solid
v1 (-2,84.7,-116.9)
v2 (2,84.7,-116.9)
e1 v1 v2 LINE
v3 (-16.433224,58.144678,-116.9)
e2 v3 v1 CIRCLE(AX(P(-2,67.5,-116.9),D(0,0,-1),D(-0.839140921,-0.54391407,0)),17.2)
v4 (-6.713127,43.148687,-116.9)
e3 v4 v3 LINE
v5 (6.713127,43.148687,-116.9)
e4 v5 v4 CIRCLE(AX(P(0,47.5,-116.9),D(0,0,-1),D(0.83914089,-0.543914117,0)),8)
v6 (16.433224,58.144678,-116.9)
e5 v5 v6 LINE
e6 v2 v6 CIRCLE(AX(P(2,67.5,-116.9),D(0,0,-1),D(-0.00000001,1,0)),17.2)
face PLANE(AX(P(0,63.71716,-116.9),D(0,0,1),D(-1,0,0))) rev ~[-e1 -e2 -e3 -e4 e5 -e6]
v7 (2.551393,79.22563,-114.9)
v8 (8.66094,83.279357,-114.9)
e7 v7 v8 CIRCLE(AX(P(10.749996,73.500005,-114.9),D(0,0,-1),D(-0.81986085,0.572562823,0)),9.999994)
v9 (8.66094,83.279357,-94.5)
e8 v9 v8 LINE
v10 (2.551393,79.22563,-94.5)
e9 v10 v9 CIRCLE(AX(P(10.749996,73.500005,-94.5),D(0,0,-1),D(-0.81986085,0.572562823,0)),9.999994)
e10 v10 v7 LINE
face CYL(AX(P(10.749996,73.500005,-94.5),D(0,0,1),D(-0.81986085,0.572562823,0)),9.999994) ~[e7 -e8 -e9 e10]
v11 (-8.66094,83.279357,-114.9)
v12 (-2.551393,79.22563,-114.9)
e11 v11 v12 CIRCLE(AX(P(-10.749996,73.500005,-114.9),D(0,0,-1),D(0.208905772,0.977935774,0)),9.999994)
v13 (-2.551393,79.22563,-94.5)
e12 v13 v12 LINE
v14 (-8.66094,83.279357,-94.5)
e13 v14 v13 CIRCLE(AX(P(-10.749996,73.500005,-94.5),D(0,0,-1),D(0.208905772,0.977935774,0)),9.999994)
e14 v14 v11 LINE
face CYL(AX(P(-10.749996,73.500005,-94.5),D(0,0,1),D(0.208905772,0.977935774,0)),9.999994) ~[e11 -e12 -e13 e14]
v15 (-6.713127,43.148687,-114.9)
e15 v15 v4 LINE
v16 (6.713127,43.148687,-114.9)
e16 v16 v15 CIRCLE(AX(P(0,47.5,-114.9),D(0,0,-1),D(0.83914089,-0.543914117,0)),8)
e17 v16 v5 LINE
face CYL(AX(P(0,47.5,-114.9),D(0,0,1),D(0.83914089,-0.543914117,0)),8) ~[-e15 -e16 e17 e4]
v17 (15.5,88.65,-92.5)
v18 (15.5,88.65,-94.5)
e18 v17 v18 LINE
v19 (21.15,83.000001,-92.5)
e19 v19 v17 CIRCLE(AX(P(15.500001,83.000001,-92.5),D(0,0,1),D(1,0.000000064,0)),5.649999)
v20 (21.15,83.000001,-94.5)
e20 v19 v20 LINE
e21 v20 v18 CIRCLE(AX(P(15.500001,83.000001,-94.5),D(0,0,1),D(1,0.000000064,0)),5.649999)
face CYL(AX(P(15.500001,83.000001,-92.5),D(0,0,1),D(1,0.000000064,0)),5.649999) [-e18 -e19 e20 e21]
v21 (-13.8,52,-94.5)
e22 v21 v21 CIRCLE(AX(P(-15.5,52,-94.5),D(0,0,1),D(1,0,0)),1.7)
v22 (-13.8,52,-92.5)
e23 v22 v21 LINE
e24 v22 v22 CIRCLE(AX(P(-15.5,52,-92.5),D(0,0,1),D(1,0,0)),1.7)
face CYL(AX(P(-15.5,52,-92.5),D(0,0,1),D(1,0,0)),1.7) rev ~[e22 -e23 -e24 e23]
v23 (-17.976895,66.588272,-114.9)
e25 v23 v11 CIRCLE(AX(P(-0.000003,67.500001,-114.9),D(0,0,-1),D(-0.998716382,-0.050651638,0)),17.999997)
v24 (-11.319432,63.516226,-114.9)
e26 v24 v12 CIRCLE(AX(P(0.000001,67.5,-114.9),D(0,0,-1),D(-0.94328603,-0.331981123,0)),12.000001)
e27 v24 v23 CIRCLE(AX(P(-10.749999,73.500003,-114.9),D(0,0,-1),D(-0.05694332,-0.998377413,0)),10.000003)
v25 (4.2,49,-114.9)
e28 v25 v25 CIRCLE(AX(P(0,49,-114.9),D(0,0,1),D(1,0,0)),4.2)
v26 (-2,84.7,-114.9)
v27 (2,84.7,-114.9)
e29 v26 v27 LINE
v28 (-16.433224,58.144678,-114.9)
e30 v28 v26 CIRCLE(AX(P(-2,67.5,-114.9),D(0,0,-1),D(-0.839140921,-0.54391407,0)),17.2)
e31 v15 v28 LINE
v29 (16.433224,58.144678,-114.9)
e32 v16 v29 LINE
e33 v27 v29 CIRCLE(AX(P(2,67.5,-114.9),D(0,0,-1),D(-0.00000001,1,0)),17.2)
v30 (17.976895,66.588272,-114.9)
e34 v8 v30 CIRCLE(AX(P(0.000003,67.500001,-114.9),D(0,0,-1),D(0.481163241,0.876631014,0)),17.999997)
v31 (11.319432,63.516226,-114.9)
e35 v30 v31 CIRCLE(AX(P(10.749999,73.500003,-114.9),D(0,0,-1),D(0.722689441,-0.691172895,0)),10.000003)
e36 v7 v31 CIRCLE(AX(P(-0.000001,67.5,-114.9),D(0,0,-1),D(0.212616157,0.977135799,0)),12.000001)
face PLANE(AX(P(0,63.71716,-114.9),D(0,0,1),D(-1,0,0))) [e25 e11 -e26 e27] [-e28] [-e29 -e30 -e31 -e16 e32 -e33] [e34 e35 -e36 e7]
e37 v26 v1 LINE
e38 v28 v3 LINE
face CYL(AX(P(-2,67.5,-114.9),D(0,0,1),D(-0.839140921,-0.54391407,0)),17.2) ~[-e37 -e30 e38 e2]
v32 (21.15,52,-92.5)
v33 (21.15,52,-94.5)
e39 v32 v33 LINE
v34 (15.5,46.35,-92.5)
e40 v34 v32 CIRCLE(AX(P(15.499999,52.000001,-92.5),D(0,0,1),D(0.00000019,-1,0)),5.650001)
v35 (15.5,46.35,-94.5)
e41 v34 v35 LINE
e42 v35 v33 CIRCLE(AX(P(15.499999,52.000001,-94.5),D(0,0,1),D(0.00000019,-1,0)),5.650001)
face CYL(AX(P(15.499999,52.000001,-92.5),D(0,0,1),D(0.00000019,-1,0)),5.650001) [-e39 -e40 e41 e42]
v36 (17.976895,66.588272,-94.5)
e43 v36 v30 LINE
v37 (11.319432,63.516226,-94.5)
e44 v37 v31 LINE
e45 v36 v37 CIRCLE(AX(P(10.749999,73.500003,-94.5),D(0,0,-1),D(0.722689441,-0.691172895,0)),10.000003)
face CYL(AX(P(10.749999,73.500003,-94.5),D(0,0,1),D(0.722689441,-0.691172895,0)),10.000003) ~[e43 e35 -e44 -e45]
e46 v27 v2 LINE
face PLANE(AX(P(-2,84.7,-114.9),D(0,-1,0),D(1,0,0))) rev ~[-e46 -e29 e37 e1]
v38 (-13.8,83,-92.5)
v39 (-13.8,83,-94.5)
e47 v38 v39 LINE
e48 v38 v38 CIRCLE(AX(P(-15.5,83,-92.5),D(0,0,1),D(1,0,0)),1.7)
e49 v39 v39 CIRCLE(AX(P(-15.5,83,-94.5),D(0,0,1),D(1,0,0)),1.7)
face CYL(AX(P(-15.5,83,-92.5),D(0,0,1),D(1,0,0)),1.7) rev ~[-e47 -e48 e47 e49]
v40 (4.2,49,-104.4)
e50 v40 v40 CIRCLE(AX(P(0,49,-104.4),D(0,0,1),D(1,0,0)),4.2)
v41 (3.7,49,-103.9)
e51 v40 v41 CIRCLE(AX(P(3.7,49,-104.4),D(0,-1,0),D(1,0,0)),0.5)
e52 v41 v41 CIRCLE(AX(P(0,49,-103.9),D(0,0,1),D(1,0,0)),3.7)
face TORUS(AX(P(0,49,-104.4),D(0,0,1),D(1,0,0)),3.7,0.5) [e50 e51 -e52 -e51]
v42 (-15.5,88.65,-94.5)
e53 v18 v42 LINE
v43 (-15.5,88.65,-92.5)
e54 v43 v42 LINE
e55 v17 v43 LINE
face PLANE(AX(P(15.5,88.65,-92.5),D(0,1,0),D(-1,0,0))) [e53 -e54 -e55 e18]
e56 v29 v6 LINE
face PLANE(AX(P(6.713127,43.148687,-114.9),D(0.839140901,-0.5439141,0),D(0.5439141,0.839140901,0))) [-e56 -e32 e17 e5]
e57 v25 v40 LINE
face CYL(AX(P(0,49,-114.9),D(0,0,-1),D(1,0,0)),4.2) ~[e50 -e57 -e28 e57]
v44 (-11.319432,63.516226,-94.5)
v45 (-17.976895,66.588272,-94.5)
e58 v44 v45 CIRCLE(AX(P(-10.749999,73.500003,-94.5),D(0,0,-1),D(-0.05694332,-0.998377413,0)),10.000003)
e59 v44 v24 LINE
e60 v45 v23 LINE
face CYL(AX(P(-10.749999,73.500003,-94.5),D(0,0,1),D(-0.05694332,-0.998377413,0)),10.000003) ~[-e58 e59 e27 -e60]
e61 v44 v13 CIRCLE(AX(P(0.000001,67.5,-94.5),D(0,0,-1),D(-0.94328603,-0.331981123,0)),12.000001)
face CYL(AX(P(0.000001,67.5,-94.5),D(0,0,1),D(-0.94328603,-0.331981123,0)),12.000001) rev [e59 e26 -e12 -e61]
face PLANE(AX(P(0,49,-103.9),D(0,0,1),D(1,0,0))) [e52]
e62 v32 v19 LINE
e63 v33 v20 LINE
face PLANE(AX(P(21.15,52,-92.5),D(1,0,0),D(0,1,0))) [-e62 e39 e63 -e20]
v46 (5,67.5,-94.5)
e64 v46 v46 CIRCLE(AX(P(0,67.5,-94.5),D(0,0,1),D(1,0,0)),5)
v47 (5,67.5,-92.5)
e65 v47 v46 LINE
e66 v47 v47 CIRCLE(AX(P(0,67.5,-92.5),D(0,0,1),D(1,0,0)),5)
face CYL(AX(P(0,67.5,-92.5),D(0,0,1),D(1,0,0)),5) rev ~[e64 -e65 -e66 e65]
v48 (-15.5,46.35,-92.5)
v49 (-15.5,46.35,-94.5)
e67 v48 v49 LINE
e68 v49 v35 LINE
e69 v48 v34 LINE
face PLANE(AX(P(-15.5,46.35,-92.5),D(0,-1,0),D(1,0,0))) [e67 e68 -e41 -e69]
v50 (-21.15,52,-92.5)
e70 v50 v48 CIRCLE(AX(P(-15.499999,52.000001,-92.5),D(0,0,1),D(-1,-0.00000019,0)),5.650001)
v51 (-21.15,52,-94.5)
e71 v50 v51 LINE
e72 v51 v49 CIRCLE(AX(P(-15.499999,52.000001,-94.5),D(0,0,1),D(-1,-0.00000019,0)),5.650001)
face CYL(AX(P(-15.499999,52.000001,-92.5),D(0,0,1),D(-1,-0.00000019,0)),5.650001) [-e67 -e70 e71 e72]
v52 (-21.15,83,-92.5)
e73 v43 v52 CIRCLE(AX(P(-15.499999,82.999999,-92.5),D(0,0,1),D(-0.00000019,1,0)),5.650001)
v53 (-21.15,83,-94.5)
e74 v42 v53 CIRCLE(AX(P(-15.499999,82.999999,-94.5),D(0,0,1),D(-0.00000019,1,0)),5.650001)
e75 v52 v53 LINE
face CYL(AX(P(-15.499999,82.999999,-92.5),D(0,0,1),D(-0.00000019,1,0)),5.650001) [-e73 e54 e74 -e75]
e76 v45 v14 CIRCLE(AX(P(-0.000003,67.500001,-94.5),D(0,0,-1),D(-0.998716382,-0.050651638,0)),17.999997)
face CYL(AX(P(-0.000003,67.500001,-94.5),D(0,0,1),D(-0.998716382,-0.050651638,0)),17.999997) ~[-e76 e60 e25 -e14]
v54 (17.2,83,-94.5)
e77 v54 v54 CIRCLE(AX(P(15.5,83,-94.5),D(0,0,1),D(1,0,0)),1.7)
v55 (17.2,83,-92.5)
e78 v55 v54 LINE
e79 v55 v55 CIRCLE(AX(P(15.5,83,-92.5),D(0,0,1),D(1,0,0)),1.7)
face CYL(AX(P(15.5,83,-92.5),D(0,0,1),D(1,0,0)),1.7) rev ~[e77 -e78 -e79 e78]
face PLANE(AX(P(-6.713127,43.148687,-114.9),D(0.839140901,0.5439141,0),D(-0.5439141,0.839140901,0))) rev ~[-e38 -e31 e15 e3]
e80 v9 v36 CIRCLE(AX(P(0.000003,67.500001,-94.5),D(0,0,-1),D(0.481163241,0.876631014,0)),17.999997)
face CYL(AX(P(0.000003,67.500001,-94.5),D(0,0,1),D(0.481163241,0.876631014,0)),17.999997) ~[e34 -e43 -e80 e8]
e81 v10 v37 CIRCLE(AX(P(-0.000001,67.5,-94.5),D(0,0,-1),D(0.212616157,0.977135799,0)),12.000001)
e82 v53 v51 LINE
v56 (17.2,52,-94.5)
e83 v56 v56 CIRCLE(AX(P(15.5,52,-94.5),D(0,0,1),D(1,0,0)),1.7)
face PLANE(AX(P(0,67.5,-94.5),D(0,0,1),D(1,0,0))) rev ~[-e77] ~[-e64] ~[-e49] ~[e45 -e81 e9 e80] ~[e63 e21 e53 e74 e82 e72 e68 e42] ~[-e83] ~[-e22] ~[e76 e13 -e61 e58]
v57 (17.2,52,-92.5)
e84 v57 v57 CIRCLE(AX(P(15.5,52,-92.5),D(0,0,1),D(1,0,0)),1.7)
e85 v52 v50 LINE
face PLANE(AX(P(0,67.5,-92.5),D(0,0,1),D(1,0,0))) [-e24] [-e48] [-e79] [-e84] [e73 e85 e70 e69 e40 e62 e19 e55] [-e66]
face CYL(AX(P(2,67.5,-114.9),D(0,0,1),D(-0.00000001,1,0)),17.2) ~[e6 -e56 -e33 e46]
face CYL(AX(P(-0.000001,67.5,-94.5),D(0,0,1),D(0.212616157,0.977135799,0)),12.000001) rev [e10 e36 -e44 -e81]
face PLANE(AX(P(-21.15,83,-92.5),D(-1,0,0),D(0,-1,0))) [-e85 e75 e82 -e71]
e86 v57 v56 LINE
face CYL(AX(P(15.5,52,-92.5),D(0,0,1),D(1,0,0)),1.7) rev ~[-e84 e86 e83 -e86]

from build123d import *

# Parameters (mm, degrees)
SKETCH097_R   = 1.7
SKETCH097_R_2 = 5
PAD047_DEPTH  = 2
PAD048_DEPTH  = 20.4
PAD049_DEPTH  = 2
SKETCH100_R   = 4.2
PAD050_DEPTH  = 11
FILLET006_R   = 0.5


with BuildPart() as part:
    # Sketch097 → Pad047 (new body)
    with BuildSketch(Plane.XY):
        with BuildLine():
            ThreePointArc((-15.5, 21.15), (-19.495153, 19.495153), (-21.15, 15.5))
            Line((-21.15, 15.5), (-21.15, -15.5))
            ThreePointArc((-21.15, -15.5), (-19.495153, -19.495153), (-15.5, -21.15))
            Line((-15.5, -21.15), (15.5, -21.15))
            ThreePointArc((15.5, -21.15), (19.495153, -19.495153), (21.15, -15.5))
            Line((21.15, -15.5), (21.15, 15.500001))
            ThreePointArc((21.15, 15.500001), (19.495153, 19.495154), (15.5, 21.15))
            Line((15.5, 21.15), (-15.5, 21.15))
        make_face()
        with Locations((-15.5, 15.5)):
            Circle(SKETCH097_R, mode=Mode.SUBTRACT)
        with Locations((15.5, 15.5)):
            Circle(SKETCH097_R, mode=Mode.SUBTRACT)
        with Locations((15.5, -15.5)):
            Circle(SKETCH097_R, mode=Mode.SUBTRACT)
        with Locations((-15.5, -15.5)):
            Circle(SKETCH097_R, mode=Mode.SUBTRACT)
        Circle(SKETCH097_R_2, mode=Mode.SUBTRACT)
    extrude(amount=-PAD047_DEPTH)

    # Sketch098 (on Face15 of Pad047) → Pad048 (join)
    with BuildSketch(Plane(origin=(0, 0, -2), x_dir=(1, 0, 0), z_dir=(0, 0, -1))):
        with BuildLine():
            ThreePointArc((-11.319432, 3.983774), (-10.478372, -5.848394), (-2.551393, -11.72563))
            ThreePointArc((-8.66094, -15.779357), (-5.221239, -14.332635), (-2.551393, -11.72563))
            ThreePointArc((-17.976895, 0.911728), (-15.717559, -8.772591), (-8.66094, -15.779357))
            ThreePointArc((-11.319432, 3.983774), (-14.939874, 3.07992), (-17.976895, 0.911728))
        make_face()
        with BuildLine():
            ThreePointArc((2.551393, -11.72563), (5.221239, -14.332635), (8.66094, -15.779357))
            ThreePointArc((8.66094, -15.779357), (15.717559, -8.772591), (17.976895, 0.911728))
            ThreePointArc((17.976895, 0.911728), (14.939874, 3.07992), (11.319432, 3.983774))
            ThreePointArc((2.551393, -11.72563), (10.478372, -5.848394), (11.319432, 3.983774))
        make_face()
    extrude(amount=PAD048_DEPTH)

    # Sketch099 (on Face25 of Pad048) → Pad049 (join)
    with BuildSketch(Plane(origin=(0, 0, -22.4), x_dir=(1, 0, 0), z_dir=(0, 0, -1))):
        with BuildLine():
            Line((6.713127, 24.351313), (16.433224, 9.355322))
            ThreePointArc((2, -17.2), (17.112107, -8.213661), (16.433224, 9.355322))
            Line((-2, -17.2), (2, -17.2))
            ThreePointArc((-16.433224, 9.355322), (-17.112107, -8.213661), (-2, -17.2))
            Line((-6.713127, 24.351313), (-16.433224, 9.355322))
            ThreePointArc((6.713127, 24.351313), (0, 28), (-6.713127, 24.351313))
        make_face()
    extrude(amount=PAD049_DEPTH)

    # Sketch100 (on Face4 of Pad049) → Pad050 (join)
    with BuildSketch(Plane.XY.offset(-22.4)):
        with Locations((0, -18.5)):
            Circle(SKETCH100_R)
    extrude(amount=PAD050_DEPTH)

    # Fillet006
    fillet006_edges = [part.edges().sort_by_distance(p)[0] for p in [
        (-4.2, -18.5, -11.4),
    ]]
    fillet(fillet006_edges, radius=FILLET006_R)


with BuildPart() as part_1:
    # Body022 placement: moved
    add(part.part.moved(Location((0, 67.5, -92.5))))


solid = part_1.part
